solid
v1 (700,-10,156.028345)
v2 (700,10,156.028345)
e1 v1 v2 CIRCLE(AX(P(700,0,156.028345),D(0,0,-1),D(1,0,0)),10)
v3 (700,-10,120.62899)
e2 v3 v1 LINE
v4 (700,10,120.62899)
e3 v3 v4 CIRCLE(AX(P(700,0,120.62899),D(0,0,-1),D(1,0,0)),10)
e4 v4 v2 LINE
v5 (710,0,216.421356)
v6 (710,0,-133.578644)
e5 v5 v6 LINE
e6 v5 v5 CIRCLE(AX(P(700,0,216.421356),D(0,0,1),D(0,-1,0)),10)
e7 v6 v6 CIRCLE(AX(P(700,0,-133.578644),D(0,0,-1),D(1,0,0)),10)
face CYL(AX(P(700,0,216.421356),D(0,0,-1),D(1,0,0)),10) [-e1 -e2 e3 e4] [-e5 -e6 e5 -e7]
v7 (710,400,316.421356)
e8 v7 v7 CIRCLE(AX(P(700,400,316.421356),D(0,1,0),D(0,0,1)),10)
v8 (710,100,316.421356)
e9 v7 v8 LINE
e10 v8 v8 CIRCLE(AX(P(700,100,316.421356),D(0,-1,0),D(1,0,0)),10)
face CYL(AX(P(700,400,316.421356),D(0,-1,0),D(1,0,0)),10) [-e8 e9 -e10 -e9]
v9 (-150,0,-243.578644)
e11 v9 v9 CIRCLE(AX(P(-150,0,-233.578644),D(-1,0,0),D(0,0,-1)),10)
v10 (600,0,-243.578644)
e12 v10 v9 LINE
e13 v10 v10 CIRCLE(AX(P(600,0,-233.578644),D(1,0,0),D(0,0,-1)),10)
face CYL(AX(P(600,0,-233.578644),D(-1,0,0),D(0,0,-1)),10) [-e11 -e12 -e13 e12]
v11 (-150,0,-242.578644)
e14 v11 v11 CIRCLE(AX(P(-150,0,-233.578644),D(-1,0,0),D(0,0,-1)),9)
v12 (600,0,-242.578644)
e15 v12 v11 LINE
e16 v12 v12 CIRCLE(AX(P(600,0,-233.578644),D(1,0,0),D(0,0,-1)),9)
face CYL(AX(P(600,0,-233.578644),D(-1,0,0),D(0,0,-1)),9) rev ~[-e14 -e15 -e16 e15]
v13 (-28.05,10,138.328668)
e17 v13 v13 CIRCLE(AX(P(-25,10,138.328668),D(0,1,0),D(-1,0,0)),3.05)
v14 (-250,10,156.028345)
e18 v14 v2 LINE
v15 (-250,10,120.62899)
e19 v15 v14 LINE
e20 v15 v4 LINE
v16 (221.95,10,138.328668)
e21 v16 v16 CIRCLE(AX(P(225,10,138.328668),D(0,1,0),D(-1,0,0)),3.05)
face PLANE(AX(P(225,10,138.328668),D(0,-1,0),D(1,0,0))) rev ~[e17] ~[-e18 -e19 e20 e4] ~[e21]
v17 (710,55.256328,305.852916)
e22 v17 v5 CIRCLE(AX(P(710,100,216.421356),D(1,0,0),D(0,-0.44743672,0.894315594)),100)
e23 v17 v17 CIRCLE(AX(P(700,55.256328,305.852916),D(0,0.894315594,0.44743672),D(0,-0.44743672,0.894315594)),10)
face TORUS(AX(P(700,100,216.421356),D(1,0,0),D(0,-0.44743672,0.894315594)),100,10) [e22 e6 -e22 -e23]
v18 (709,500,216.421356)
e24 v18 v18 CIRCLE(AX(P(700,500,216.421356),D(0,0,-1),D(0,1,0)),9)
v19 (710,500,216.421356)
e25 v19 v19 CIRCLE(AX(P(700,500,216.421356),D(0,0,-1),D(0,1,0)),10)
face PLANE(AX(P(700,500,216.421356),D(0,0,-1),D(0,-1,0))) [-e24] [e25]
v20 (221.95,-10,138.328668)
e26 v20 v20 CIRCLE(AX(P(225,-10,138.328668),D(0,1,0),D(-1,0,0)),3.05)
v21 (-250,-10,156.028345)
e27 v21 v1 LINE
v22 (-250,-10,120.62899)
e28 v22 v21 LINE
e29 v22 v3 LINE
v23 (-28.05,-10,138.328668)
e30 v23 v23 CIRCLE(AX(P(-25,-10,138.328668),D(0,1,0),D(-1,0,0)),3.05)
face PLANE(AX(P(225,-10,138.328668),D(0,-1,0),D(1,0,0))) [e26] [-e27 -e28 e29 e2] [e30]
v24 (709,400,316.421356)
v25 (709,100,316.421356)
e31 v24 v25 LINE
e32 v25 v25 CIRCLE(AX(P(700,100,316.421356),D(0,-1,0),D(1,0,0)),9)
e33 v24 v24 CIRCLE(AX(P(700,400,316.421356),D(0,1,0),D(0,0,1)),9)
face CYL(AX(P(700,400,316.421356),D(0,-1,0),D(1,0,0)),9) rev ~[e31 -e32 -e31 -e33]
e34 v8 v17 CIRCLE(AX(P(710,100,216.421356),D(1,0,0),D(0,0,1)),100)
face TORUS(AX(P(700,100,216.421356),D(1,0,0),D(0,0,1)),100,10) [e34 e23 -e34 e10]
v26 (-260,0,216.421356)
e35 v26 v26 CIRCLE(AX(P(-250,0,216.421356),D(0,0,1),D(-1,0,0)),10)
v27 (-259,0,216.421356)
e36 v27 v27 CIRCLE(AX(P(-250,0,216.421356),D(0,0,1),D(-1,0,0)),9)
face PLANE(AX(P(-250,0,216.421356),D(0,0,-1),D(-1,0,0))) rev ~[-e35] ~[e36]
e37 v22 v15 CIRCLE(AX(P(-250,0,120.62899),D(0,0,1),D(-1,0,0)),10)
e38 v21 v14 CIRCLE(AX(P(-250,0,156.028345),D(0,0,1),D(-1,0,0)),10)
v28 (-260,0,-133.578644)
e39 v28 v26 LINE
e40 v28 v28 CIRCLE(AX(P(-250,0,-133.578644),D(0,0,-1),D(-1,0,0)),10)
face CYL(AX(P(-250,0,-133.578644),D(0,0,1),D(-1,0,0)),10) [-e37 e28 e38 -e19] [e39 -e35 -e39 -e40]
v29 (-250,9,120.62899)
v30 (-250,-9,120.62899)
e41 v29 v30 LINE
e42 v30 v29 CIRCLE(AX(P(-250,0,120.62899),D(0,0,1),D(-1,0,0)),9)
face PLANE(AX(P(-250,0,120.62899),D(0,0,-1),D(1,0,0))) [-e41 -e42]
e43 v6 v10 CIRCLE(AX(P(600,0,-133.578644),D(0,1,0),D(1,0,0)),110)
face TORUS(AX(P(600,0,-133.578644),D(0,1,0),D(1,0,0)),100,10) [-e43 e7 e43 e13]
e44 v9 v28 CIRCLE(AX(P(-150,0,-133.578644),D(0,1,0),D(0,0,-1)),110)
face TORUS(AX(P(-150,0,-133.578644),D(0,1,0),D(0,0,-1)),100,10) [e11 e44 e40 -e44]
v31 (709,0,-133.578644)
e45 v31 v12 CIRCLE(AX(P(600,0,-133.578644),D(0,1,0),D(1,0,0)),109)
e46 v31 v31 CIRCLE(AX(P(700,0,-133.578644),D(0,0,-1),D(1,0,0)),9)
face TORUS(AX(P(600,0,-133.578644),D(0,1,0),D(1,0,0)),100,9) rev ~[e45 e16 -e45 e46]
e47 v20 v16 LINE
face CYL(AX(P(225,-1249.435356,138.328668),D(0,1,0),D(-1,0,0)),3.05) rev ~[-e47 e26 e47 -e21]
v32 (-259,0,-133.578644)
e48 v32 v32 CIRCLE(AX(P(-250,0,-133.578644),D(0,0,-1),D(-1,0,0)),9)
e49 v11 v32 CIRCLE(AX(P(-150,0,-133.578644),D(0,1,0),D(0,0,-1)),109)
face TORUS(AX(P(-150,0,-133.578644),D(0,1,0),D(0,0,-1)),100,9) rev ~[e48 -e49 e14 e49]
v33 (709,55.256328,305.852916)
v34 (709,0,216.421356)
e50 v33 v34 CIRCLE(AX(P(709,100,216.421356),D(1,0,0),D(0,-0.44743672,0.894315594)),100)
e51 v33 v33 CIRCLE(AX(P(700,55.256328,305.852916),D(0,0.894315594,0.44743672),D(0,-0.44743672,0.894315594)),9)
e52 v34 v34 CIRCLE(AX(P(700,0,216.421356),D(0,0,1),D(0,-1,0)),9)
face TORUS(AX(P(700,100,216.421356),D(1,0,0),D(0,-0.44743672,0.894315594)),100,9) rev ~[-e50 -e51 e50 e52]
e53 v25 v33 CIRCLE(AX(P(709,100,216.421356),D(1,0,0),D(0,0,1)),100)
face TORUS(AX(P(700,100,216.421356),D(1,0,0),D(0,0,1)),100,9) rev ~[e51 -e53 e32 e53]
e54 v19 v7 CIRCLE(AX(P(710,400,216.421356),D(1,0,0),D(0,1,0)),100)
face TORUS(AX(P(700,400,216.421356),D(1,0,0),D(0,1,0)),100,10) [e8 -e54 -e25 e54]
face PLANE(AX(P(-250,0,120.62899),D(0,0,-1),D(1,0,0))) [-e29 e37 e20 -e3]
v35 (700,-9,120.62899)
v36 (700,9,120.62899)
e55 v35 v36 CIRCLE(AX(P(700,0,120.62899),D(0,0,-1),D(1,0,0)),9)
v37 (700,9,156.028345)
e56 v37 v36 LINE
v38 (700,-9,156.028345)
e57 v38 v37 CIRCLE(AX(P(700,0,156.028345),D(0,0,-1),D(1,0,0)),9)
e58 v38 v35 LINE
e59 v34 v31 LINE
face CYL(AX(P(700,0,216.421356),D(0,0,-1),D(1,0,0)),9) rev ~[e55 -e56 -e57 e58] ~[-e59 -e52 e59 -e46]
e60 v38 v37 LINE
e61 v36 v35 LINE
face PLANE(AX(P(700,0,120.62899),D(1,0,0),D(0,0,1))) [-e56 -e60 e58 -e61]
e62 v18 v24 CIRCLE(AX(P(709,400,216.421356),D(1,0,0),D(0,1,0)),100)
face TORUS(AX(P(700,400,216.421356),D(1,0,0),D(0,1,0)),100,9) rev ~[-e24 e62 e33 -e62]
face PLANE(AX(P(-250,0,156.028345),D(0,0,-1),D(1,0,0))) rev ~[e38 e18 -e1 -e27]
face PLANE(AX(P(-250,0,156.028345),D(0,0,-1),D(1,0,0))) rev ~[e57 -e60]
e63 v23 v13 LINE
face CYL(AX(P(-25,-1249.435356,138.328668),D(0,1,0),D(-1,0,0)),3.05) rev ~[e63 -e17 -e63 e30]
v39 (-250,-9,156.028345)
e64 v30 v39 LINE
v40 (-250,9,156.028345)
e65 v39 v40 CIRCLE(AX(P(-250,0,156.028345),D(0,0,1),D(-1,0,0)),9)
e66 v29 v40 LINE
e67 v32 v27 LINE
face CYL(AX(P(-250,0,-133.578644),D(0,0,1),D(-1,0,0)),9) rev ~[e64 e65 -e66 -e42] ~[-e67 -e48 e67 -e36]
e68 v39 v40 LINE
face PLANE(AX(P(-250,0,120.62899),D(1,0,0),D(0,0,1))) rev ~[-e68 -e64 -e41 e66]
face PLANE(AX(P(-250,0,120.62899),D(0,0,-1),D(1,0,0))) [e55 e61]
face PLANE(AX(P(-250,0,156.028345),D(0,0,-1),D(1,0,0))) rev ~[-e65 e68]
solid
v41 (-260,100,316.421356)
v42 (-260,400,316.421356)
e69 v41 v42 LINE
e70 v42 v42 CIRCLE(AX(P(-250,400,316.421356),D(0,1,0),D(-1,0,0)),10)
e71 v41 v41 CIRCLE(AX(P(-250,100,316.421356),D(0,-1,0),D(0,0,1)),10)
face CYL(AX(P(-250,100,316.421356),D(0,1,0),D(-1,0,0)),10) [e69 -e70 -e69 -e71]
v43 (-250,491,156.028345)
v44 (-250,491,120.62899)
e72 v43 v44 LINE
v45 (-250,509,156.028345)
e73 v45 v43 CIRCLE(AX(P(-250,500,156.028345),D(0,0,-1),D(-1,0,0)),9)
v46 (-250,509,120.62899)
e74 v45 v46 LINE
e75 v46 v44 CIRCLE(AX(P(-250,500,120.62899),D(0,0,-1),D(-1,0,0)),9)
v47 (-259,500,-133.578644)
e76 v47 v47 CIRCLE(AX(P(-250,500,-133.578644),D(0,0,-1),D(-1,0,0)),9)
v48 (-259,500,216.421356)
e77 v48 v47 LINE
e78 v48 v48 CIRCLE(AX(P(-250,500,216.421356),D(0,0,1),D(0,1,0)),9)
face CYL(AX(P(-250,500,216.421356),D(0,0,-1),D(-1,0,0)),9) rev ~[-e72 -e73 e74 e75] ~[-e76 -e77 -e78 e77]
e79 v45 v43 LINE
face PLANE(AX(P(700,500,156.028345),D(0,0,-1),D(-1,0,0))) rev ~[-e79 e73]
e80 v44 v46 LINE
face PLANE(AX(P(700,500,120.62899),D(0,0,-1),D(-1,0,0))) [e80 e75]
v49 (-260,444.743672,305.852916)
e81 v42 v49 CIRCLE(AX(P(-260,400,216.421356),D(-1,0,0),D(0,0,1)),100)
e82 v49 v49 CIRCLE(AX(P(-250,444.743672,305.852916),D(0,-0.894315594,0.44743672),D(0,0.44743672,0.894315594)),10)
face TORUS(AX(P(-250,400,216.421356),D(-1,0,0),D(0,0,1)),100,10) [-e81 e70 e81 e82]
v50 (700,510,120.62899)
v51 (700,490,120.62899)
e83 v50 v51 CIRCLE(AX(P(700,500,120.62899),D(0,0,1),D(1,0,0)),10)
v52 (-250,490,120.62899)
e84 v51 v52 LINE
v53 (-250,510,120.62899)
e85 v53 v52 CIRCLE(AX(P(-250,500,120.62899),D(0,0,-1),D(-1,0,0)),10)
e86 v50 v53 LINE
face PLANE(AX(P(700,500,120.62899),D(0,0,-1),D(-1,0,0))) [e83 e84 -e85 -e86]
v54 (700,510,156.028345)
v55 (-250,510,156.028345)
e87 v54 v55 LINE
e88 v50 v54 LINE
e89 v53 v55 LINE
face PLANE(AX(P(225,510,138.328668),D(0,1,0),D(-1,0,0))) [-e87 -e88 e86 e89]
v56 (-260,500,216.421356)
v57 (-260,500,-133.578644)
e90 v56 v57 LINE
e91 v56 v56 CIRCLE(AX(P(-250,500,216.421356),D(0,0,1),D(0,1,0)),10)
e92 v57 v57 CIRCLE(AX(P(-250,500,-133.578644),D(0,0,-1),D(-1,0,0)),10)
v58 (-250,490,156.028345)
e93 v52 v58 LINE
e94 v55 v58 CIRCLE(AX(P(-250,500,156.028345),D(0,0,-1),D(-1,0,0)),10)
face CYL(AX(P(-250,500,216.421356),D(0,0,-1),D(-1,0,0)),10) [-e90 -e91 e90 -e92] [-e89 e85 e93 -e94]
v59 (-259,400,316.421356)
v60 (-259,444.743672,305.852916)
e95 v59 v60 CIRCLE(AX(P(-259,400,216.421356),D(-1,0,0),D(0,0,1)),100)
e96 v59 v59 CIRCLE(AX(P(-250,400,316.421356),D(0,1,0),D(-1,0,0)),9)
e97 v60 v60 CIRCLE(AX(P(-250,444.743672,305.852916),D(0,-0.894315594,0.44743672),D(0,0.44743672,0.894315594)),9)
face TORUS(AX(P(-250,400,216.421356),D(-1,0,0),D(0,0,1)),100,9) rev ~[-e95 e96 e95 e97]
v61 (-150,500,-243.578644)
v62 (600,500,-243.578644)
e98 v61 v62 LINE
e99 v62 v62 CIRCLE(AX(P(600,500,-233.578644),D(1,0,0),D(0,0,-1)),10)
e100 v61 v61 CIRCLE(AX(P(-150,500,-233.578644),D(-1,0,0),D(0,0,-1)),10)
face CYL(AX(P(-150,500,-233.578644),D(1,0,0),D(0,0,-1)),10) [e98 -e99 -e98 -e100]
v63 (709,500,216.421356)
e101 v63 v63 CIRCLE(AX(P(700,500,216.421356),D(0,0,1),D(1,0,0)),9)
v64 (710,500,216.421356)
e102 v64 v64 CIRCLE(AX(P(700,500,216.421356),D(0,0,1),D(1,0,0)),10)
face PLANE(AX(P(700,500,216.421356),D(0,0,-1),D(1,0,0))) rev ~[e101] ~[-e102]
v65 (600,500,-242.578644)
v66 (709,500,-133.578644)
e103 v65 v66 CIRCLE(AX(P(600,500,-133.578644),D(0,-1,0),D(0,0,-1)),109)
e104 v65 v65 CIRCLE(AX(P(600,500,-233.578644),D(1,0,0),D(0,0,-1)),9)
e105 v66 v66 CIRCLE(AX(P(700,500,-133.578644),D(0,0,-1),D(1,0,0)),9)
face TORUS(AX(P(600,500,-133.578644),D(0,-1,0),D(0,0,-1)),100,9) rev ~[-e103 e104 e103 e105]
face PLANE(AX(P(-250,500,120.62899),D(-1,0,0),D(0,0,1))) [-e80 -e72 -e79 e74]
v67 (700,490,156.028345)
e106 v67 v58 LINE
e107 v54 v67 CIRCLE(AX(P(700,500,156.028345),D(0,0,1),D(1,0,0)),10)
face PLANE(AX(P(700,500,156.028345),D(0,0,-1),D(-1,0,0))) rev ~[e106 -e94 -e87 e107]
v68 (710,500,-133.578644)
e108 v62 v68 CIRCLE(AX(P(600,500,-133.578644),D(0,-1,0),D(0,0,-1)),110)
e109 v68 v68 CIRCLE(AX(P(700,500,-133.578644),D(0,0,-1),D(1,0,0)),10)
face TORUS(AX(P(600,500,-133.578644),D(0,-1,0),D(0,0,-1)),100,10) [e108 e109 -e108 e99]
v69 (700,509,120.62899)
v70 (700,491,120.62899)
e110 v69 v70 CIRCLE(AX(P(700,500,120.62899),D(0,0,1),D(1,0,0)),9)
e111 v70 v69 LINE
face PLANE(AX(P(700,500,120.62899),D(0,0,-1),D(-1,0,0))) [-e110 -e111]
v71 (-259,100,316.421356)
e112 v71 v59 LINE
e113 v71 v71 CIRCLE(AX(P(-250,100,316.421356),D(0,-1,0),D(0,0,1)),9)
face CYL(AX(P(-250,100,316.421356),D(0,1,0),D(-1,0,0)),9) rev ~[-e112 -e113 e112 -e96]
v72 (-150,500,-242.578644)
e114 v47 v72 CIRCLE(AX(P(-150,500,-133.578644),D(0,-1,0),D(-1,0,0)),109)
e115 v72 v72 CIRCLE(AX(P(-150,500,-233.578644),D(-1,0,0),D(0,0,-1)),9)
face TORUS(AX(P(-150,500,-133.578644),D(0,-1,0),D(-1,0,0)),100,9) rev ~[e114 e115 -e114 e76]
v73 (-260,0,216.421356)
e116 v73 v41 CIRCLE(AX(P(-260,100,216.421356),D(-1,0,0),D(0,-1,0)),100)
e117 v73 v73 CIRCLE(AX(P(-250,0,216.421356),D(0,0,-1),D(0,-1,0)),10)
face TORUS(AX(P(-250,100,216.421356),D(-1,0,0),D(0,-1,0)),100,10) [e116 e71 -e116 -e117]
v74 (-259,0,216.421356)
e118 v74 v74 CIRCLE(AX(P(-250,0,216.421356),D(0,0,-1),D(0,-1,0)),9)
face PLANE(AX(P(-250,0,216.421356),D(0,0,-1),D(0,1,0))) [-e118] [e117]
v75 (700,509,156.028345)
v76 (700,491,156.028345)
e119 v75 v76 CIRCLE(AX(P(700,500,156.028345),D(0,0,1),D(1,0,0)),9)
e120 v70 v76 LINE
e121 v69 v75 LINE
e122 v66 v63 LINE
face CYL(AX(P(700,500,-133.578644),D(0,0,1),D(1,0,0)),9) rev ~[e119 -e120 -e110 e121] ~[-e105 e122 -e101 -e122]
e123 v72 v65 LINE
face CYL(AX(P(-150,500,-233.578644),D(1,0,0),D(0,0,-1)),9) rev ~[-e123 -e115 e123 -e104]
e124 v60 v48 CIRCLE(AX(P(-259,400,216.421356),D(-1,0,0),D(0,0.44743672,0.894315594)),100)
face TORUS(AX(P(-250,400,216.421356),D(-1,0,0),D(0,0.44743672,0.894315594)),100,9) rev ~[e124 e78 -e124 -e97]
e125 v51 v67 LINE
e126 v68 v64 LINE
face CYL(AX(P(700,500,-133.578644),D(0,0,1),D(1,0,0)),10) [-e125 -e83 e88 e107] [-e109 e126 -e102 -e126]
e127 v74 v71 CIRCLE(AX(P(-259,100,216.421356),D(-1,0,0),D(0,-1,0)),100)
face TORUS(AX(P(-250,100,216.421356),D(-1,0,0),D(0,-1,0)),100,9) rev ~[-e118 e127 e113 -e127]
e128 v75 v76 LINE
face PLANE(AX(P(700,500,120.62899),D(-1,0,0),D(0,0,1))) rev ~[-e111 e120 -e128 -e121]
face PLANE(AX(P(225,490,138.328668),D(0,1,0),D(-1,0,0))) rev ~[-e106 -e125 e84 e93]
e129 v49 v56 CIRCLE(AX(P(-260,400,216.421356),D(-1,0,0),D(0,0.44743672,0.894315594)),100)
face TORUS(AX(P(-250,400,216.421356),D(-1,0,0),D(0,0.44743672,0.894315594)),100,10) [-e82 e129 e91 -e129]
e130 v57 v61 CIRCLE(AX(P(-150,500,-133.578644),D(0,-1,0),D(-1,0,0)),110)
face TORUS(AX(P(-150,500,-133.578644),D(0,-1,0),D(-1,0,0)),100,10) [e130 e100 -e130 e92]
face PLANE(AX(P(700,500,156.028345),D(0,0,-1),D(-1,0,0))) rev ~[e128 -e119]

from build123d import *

# Parameters (mm, degrees)
F4_R      = 10
F4_R_2    = 9
F0_W      = 950
F0_H      = 35.3993549943
F6_DEPTH  = 10
F11_ANGLE = 180
F13_D     = 6.1


with BuildPart() as f5:
    # F5: sweep along a path in F2, F0
    with BuildLine(Plane(origin=(700, 0, 0), x_dir=(0, -1, 0), z_dir=(-1, 0, 0))) as f5_path:
        ThreePointArc((-500, 216.4213562373), (-470.7106781187, 287.132034356), (-400, 316.4213562373))
        Line((-400, 316.4213562373), (-194.412201643, 316.4213562373))
        Line((-194.412201643, 316.4213562373), (-100, 316.4213562373))
        ThreePointArc((-100, 316.4213562373), (-77.0125679766, 313.7433885269), (-55.2563279673, 305.8529156167))
        ThreePointArc((-55.2563279673, 305.8529156167), (-14.9283619434, 268.9838561623), (0, 216.4213562373))
    with BuildLine(Plane.XZ) as f5_path_2:
        Line((700, 216.4213562373), (700, -133.5786437627))
        ThreePointArc((700, -133.5786437627), (670.7106781187, -204.2893218813), (600, -233.5786437627))
        Line((600, -233.5786437627), (-150, -233.5786437627))
        ThreePointArc((-150, -233.5786437627), (-220.7106781187, -204.2893218813), (-250, -133.5786437627))
        Line((-250, -133.5786437627), (-250, 216.4213562373))
    # F4 (on line) → F5 (sweep)
    with BuildSketch(Plane(origin=(0, 0, 216.4213562373), x_dir=(1, 0, 0), z_dir=(0, 0, -1))):
        with Locations((700, -500)):
            Circle(F4_R)
        with Locations((700, -500)):
            Circle(F4_R_2, mode=Mode.SUBTRACT)
    sweep(path=f5_path.line + f5_path_2.line)

    # F0 (on Front) → F6 (join, symmetric)
    with BuildSketch(Plane.XZ):
        with Locations((225, 138.3286677301)):
            Rectangle(F0_W, F0_H)
    extrude(amount=F6_DEPTH, both=True)


with BuildPart() as f11_1:
    # F11: copy of F5
    add(f5.part.rotate(Axis((225, 250, 184.2115175905), (0, 0, -1)), F11_ANGLE))


with BuildPart() as f5_1:
    add(f5.part)

    # F13 (through all)
    with Locations(Plane.XZ.offset(10)):
        with Locations((225, 138.3286677301), (-25, 138.3286677301)):
            Hole(F13_D / 2)


solid = Compound([f11_1.part, f5_1.part])
